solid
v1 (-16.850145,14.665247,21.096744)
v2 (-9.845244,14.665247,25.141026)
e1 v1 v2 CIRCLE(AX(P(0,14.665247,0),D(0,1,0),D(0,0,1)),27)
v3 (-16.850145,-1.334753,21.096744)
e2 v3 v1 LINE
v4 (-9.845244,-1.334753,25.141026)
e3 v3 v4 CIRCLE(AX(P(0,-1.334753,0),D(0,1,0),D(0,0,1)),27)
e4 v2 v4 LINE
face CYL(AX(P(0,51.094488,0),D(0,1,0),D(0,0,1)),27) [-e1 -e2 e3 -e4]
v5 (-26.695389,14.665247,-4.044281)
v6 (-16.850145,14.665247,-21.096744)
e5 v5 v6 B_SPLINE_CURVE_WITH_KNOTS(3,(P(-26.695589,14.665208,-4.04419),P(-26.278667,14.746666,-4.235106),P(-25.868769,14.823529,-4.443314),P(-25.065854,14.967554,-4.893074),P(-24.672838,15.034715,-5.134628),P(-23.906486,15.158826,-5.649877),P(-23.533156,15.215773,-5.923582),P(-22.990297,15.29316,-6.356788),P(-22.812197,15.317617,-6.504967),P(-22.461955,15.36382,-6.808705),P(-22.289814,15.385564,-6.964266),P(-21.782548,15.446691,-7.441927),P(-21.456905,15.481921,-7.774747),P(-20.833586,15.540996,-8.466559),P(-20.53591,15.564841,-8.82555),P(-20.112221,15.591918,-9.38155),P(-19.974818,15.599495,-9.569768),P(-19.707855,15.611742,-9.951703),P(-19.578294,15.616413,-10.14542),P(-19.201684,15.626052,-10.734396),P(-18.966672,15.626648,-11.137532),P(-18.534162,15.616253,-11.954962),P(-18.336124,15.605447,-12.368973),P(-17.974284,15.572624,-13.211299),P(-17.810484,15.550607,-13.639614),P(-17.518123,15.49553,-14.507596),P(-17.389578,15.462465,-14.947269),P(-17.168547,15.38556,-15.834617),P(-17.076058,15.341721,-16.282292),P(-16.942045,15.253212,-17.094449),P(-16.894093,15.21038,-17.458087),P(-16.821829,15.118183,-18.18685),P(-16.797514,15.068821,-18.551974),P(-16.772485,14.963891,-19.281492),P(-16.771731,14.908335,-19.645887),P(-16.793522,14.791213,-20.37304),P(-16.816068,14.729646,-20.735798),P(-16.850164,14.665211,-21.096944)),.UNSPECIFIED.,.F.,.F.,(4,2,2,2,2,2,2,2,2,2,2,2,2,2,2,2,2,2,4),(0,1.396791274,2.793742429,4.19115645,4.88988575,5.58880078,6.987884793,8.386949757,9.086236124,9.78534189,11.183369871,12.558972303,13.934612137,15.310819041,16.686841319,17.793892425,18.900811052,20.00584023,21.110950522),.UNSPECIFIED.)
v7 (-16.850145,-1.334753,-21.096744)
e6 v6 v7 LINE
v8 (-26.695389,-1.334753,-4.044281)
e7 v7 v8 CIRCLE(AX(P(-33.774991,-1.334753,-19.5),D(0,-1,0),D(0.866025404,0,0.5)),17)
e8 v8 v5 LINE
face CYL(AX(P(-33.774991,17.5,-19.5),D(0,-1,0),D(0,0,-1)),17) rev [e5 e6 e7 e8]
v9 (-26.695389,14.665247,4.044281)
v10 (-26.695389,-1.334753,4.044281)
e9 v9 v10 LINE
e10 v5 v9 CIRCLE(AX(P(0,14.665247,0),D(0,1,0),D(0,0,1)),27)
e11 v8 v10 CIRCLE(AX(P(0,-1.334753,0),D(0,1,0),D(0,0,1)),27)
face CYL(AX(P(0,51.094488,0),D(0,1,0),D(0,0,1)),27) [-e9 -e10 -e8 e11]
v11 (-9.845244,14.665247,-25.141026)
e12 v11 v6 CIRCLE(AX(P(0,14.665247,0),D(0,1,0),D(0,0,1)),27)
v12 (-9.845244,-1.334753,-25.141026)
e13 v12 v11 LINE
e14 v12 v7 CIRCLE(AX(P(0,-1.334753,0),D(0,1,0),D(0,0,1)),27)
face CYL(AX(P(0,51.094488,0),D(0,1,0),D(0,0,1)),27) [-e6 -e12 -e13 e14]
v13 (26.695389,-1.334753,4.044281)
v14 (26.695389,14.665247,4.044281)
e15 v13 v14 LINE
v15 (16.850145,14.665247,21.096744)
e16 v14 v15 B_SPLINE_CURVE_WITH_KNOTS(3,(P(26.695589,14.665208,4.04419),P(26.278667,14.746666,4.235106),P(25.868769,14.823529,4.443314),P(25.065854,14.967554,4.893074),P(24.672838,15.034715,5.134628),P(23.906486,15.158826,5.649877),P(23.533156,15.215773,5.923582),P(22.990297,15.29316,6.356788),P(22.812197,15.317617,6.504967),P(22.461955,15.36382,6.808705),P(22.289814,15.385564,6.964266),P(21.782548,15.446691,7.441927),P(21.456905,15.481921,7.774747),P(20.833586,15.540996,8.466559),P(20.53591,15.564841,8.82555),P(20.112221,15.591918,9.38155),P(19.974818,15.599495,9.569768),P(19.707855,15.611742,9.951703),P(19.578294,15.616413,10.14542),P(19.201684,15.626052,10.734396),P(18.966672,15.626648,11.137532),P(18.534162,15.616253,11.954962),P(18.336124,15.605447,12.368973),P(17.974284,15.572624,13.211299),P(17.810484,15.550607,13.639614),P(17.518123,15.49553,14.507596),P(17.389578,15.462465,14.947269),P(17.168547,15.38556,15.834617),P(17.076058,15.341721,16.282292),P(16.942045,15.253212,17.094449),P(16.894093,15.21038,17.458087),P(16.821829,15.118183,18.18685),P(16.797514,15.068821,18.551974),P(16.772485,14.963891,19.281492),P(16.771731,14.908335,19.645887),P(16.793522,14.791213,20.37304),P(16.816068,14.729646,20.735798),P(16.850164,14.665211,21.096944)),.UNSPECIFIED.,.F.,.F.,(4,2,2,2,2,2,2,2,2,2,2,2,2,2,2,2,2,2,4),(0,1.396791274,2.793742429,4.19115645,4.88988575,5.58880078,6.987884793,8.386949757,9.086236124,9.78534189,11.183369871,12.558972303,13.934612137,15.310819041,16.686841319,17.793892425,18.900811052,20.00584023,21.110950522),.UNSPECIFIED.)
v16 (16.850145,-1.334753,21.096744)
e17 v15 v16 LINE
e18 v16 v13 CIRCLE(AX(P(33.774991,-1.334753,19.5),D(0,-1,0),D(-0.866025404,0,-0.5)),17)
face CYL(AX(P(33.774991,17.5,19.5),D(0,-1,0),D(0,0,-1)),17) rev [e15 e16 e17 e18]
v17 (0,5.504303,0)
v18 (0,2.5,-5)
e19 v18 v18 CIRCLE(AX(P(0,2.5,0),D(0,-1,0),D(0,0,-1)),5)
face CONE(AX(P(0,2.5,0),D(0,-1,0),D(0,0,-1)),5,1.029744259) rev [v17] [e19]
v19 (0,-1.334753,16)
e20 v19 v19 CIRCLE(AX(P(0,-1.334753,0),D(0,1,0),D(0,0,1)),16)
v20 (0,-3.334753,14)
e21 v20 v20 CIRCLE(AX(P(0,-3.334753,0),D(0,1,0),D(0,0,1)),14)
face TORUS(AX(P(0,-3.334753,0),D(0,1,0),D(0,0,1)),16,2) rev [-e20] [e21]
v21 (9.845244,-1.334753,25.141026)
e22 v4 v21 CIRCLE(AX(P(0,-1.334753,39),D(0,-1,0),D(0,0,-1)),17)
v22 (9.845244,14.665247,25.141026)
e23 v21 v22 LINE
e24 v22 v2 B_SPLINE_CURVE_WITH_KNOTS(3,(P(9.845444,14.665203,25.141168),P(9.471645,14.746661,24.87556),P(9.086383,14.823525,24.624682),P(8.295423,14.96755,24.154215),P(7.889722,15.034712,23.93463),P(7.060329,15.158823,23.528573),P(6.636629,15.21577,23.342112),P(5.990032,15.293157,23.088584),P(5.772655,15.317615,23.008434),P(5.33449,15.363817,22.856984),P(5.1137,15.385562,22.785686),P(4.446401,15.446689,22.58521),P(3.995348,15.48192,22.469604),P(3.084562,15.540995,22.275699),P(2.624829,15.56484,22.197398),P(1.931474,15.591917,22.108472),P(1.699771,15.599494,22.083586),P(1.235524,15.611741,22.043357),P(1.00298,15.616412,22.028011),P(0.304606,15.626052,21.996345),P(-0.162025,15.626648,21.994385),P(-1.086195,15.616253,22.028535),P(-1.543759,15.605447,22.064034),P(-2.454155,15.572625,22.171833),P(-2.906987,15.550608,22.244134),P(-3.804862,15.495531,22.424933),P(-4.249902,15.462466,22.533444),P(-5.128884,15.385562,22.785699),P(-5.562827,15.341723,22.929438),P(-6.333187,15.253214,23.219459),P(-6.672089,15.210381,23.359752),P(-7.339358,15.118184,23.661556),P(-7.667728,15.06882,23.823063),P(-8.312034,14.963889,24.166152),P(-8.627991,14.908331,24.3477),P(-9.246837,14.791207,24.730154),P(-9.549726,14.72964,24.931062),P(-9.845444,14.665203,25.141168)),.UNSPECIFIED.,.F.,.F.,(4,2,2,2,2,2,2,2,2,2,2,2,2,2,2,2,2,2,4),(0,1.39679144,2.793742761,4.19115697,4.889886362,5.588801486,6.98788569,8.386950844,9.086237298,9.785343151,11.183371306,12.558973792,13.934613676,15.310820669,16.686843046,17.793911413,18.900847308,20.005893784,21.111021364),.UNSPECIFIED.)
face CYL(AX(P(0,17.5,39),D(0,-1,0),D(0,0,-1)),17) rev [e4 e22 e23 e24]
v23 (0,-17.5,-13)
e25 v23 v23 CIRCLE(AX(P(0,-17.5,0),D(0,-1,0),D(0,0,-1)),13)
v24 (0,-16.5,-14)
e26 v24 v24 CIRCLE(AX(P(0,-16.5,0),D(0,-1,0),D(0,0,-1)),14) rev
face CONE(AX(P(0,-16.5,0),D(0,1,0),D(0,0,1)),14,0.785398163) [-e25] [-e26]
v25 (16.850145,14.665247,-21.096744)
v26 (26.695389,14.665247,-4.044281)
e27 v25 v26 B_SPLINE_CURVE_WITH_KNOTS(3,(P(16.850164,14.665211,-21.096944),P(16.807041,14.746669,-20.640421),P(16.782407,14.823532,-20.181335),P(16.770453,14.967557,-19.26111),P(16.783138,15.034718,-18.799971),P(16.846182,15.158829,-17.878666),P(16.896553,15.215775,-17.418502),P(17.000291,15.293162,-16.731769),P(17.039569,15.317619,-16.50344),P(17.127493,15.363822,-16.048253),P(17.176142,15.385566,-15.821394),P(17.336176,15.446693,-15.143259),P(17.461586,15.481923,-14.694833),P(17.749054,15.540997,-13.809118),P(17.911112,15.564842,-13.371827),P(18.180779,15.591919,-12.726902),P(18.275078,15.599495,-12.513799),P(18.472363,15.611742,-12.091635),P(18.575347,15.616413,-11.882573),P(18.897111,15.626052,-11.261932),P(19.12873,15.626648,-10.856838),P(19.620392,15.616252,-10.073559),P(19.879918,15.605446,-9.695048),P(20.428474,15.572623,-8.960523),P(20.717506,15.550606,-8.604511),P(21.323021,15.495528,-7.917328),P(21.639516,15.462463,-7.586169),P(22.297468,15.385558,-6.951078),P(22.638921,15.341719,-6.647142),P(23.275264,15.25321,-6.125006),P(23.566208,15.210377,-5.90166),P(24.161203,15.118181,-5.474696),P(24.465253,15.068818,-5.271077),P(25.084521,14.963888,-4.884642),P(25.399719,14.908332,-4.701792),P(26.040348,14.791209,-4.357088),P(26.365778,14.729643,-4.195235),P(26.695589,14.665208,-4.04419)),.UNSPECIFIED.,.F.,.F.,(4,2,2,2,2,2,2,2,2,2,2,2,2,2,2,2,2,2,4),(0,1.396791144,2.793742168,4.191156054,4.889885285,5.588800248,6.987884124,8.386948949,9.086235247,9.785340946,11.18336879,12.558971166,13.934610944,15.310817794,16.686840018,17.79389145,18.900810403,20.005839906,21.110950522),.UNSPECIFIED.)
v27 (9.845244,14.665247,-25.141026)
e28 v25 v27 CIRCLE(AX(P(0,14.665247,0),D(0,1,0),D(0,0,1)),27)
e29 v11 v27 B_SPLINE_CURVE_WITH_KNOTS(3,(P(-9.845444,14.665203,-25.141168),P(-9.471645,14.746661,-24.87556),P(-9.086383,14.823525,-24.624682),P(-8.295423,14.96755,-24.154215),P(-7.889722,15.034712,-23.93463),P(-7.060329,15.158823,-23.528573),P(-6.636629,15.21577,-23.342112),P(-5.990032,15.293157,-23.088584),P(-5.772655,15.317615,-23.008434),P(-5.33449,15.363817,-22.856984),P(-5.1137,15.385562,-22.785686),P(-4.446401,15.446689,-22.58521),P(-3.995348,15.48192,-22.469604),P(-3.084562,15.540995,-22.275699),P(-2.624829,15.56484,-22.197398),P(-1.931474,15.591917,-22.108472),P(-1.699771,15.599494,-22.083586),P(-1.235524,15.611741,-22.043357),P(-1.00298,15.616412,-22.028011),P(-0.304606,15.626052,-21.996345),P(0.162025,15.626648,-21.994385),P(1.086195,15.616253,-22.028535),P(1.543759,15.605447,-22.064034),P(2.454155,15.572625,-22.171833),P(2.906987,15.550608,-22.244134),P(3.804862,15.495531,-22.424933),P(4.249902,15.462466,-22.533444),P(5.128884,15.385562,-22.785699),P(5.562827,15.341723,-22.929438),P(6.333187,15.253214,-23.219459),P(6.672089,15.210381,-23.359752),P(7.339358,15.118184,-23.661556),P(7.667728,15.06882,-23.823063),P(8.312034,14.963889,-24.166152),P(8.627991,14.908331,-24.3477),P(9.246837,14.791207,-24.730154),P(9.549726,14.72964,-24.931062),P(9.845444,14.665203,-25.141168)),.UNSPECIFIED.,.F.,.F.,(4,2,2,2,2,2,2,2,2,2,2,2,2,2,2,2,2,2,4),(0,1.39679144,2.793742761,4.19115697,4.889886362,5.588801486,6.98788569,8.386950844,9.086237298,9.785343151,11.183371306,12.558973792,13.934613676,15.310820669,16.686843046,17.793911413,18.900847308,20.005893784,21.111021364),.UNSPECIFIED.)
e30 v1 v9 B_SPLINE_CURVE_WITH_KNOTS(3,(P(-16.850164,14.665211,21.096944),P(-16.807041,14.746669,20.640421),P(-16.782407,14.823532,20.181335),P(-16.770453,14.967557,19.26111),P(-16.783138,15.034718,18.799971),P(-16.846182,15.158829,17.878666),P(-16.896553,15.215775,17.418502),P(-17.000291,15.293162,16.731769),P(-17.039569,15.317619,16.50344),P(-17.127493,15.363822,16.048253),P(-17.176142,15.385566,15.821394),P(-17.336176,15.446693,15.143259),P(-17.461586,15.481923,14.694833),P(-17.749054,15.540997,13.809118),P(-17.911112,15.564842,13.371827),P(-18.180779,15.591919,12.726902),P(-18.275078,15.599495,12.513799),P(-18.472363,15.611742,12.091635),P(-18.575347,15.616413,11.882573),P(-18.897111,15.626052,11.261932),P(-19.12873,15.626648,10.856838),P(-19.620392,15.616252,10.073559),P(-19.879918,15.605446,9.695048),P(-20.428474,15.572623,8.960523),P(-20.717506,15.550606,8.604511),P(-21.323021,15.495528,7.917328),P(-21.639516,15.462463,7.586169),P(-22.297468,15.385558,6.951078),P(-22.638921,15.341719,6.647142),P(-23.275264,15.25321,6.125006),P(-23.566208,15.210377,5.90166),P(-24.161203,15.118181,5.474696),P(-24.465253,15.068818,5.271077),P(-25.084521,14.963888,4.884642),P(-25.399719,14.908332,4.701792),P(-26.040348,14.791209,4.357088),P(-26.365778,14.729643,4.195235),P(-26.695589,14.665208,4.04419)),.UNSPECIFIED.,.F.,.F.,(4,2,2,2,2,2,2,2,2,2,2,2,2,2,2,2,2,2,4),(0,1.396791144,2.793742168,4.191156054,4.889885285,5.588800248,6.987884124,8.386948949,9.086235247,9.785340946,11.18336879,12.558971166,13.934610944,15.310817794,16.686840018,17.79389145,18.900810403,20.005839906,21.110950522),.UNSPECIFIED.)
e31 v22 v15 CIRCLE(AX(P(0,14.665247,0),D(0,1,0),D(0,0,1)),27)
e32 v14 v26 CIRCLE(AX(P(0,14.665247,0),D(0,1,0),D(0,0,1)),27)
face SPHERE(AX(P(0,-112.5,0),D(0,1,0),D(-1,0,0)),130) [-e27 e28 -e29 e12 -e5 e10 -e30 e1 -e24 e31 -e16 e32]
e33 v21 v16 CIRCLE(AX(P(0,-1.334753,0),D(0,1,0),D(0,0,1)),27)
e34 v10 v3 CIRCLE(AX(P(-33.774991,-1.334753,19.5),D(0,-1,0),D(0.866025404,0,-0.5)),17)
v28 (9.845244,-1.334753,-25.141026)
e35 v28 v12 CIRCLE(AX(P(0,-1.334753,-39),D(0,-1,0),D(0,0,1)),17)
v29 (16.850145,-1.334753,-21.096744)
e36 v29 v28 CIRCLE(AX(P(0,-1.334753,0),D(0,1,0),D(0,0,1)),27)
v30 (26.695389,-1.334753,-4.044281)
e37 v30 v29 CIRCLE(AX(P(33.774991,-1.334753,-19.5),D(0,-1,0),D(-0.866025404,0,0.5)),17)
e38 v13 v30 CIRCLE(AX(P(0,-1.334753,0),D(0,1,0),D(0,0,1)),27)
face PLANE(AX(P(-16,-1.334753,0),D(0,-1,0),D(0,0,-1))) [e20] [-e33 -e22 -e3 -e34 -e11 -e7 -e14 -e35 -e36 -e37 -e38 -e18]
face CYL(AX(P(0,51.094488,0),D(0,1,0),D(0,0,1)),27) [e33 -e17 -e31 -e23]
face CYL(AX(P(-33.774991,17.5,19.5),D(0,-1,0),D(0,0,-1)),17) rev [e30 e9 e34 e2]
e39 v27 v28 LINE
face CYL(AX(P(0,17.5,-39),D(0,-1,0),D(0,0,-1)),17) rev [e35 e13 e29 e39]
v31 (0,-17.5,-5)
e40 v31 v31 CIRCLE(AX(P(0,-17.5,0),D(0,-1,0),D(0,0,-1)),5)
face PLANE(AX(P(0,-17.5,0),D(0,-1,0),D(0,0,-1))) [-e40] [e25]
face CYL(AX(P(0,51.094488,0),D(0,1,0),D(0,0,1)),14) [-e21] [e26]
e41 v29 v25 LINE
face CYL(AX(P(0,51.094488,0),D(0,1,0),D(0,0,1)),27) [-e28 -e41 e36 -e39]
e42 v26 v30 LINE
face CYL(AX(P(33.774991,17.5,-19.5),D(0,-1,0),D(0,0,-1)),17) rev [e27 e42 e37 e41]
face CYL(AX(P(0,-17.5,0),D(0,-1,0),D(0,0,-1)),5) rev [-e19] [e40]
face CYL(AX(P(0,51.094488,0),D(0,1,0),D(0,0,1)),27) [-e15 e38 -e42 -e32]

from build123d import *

# Parameters (mm, degrees)
CHAMFER_1_SIZE           = 1
CUT_EXTRUDE_1_DEPTH      = 43.576377572
PATTERN_CIRCULAR_1_COUNT = 6
MM_1_D                   = 10
MM_1_DEPTH               = 20
MM_1_TIP                 = 3.004303095


with BuildPart() as part:
    # 草图1 → 旋转1 (revolve)
    with BuildSketch(Plane.XY, mode=Mode.PRIVATE) as revolve_1_sk:
        with BuildLine():
            Line((0, 17.5), (0, -17.5))
            Line((0, -17.5), (-14, -17.5))
            Line((-14, -17.5), (-14, -3.334753175))
            ThreePointArc((-14, -3.334753175), (-14.585786438, -1.920539613), (-16, -1.334753175))
            Line((-16, -1.334753175), (-27, -1.334753175))
            Line((-27, -1.334753175), (-27, 14.665246825))
            ThreePointArc((-27, 14.665246825), (-13.574201869, 16.789369415), (0, 17.5))
        make_face()
    revolve(revolve_1_sk.sketch.rotate(Axis((0, 51.094488189, 0), (0, -1, 0)), 270), axis=Axis((0, 51.094488189, 0), (0, -1, 0)))

    # 倒角1
    chamfer_1_edges = [part.edges().sort_by_distance(p)[0] for p in [
        (0, -17.5, -14),
    ]]
    chamfer(chamfer_1_edges, length=CHAMFER_1_SIZE)

    # 草图3 → 切除-拉伸1 (cut, through all)
    with BuildSketch(Plane.XZ.offset(1.334753175)):
        with BuildLine():
            ThreePointArc((9.845244015, 25.141025641), (5.009606157, 26.531186294), (0, 27))
            Line((0, 27), (0, 22))
            ThreePointArc((-2.3e-08, 22), (5.167080204, 22.804281981), (9.845244015, 25.141025641))
        make_face()
        with BuildLine():
            Line((0, 22), (0, 27))
            ThreePointArc((0, 27), (-5.009606157, 26.531186294), (-9.845244015, 25.141025641))
            ThreePointArc((-9.845244015, 25.141025641), (-5.167080226, 22.804281988), (-2.3e-08, 22))
        make_face()
    cut_extrude_1 = extrude(amount=-CUT_EXTRUDE_1_DEPTH, mode=Mode.SUBTRACT)

    # 阵列(圆周)1: 切除-拉伸1 ×6 about axis
    pattern_circular_1_axis = Axis((0, 0, 0), (0, 1, 0))
    for i in range(1, PATTERN_CIRCULAR_1_COUNT):
        add(cut_extrude_1.rotate(pattern_circular_1_axis, i * 360 / PATTERN_CIRCULAR_1_COUNT), mode=Mode.SUBTRACT)

    # 大小mm 暗销孔1
    with Locations(Plane(origin=(0, -17.5, 0), x_dir=(-1, 0, 0), z_dir=(0, -1, 0))):
        with Locations((0, 0)):
            Hole(MM_1_D / 2, depth=MM_1_DEPTH)
            with Locations((0, 0, -(MM_1_DEPTH + MM_1_TIP / 2))):  # 118° drill point
                Cone(0, MM_1_D / 2, MM_1_TIP, mode=Mode.SUBTRACT)


solid = part.part
